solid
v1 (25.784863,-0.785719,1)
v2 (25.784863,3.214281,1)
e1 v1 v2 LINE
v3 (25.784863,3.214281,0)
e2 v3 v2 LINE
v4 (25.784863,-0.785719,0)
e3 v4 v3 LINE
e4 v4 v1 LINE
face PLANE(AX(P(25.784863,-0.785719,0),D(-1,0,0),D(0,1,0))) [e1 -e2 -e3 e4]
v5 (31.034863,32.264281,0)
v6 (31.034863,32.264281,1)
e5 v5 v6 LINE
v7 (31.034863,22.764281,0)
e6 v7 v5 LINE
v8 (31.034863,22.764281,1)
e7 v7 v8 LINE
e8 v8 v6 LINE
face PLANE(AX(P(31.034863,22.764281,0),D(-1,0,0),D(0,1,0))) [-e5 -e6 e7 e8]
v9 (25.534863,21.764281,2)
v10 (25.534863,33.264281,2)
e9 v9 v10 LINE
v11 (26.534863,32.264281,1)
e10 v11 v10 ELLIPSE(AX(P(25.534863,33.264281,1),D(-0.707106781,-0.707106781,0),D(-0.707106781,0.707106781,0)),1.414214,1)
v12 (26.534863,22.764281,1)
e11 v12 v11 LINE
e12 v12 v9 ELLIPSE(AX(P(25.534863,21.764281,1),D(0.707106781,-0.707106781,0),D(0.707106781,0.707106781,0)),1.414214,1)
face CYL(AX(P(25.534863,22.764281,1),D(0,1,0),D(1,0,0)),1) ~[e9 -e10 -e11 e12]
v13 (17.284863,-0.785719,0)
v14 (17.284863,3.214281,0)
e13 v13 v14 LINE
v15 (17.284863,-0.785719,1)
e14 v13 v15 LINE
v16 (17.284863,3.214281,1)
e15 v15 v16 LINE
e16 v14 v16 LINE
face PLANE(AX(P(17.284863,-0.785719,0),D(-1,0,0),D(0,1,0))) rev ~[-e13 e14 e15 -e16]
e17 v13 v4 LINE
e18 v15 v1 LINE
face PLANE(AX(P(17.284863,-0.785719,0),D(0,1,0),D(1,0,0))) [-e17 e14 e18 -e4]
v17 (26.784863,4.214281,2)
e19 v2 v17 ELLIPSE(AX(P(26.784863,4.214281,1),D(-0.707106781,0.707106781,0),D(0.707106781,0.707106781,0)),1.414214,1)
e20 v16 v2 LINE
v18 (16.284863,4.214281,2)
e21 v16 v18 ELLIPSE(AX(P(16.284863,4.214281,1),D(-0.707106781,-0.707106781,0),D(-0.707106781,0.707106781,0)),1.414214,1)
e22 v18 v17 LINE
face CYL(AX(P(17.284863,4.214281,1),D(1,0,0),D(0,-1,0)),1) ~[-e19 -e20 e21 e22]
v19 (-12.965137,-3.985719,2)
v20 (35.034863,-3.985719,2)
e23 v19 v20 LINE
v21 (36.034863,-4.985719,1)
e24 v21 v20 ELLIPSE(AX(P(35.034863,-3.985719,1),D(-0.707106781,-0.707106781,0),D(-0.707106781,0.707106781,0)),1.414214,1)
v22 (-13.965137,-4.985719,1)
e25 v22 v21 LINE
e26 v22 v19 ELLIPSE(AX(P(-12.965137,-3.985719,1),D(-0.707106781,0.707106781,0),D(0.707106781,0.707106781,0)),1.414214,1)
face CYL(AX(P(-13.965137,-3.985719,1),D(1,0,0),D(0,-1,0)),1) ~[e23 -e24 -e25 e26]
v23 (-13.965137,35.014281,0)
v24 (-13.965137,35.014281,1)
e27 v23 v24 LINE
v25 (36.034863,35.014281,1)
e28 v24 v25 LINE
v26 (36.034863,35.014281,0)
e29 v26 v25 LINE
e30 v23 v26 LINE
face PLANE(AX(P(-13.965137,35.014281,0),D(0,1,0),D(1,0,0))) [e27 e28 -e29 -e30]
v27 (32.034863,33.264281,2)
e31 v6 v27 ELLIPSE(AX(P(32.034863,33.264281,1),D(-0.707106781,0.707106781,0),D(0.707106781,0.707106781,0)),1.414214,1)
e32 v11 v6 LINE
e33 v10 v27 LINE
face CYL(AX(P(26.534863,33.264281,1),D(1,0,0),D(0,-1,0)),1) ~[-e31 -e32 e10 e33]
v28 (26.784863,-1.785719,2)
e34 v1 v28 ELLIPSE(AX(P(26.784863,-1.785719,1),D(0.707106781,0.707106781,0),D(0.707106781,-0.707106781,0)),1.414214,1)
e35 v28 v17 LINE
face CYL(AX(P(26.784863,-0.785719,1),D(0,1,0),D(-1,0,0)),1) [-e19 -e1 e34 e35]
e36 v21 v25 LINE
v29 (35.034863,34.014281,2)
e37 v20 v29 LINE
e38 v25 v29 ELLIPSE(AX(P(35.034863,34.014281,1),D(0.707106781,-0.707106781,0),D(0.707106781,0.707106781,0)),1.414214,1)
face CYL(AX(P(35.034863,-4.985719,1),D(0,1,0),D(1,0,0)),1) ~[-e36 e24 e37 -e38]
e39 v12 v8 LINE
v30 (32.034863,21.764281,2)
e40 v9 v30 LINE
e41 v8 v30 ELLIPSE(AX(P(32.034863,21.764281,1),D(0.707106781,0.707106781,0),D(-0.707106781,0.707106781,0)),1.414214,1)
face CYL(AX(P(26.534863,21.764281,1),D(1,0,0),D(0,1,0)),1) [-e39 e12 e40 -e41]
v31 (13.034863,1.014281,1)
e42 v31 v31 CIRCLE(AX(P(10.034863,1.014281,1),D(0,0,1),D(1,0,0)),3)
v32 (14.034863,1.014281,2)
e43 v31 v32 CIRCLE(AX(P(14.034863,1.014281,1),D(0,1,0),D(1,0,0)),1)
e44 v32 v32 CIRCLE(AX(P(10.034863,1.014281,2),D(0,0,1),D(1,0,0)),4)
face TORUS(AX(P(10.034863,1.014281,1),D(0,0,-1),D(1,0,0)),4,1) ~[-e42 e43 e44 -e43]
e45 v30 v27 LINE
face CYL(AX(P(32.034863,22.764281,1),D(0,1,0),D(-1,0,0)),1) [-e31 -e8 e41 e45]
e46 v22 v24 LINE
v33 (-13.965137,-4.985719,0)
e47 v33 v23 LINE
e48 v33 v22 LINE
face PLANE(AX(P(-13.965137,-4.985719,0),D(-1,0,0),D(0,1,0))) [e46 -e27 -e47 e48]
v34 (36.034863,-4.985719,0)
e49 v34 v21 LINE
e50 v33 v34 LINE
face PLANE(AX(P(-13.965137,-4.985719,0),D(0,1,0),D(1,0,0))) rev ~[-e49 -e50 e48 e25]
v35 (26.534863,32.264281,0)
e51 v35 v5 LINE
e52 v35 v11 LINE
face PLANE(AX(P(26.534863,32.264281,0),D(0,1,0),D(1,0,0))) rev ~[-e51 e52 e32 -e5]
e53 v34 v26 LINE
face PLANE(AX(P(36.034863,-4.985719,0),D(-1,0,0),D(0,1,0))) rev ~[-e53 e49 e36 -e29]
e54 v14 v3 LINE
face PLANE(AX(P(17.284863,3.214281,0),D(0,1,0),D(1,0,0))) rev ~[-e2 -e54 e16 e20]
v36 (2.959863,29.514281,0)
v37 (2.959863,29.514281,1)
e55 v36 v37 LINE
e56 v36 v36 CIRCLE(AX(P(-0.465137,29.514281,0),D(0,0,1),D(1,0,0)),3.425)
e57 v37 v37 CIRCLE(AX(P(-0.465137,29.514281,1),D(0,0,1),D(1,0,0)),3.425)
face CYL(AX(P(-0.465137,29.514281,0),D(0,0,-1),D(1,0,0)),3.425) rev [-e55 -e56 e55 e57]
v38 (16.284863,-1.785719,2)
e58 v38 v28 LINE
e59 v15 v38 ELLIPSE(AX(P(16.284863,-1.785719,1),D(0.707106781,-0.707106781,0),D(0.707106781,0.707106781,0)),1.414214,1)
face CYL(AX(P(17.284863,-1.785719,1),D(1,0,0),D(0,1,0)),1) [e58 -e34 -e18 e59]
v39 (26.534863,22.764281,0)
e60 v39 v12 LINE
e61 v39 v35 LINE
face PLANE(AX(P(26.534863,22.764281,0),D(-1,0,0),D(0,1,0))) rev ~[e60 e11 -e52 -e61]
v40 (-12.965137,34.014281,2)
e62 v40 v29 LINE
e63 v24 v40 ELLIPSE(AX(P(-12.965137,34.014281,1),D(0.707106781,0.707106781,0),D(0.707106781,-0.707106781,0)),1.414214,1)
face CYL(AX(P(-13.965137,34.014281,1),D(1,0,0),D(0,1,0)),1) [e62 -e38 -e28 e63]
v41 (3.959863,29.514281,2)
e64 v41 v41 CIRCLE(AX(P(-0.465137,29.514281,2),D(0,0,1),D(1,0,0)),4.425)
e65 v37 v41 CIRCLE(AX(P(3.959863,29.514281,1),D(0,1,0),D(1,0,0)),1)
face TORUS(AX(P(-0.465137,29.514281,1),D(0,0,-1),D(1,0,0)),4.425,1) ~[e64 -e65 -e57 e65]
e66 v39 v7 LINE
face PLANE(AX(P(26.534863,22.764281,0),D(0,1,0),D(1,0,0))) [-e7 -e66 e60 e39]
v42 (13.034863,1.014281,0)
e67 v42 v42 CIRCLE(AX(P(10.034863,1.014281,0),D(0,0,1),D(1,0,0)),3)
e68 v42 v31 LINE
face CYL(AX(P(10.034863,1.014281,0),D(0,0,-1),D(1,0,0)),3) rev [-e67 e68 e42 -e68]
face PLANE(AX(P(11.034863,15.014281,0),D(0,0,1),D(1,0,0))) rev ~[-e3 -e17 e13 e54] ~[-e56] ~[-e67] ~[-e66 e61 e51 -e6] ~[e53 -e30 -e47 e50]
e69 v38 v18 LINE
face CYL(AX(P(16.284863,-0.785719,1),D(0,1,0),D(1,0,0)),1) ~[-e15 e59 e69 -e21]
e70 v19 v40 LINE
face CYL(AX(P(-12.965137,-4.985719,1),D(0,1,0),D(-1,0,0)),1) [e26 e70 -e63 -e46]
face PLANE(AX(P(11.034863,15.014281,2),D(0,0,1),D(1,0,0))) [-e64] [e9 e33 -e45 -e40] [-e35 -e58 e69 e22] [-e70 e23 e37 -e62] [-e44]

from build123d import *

# Parameters (mm, degrees)
F0_W     = 50
F0_H     = 40
F0_R     = 3
F0_W_2   = 8.5
F0_H_2   = 4
F0_R_2   = 3.425
F0_W_3   = 4.5
F0_H_3   = 9.5
F1_DEPTH = 2
F2_R     = 1


with BuildPart() as f1:
    # F0 (on Top) → F1 (new body)
    with BuildSketch(Plane.XY):
        with Locations((11.034863, 15.014281)):
            Rectangle(F0_W, F0_H)
        with Locations((10.034863, 1.014281)):
            Circle(F0_R, mode=Mode.SUBTRACT)
        with Locations((21.534863, 1.214281)):
            Rectangle(F0_W_2, F0_H_2, mode=Mode.SUBTRACT)
        with Locations((-0.465137, 29.514281)):
            Circle(F0_R_2, mode=Mode.SUBTRACT)
        with Locations((28.784863, 27.514281)):
            Rectangle(F0_W_3, F0_H_3, mode=Mode.SUBTRACT)
    extrude(amount=F1_DEPTH)

    # F2
    f2_edges = [f1.edges().sort_by_distance(p)[0] for p in [
        (31.034863, 27.514281, 2),
        (28.784863, 22.764281, 2),
        (26.534863, 27.514281, 2),
        (28.784863, 32.264281, 2),
        (17.284863, 1.214281, 2),
        (21.534863, -0.785719, 2),
        (25.784863, 1.214281, 2),
        (21.534863, 3.214281, 2),
        (7.034863, 1.014281, 2),
        (-3.890137, 29.514281, 2),
        (11.034863, 35.014281, 2),
        (-13.965137, 15.014281, 2),
        (36.034863, 15.014281, 2),
        (11.034863, -4.985719, 2),
    ]]
    fillet(f2_edges, radius=F2_R)


solid = f1.part
